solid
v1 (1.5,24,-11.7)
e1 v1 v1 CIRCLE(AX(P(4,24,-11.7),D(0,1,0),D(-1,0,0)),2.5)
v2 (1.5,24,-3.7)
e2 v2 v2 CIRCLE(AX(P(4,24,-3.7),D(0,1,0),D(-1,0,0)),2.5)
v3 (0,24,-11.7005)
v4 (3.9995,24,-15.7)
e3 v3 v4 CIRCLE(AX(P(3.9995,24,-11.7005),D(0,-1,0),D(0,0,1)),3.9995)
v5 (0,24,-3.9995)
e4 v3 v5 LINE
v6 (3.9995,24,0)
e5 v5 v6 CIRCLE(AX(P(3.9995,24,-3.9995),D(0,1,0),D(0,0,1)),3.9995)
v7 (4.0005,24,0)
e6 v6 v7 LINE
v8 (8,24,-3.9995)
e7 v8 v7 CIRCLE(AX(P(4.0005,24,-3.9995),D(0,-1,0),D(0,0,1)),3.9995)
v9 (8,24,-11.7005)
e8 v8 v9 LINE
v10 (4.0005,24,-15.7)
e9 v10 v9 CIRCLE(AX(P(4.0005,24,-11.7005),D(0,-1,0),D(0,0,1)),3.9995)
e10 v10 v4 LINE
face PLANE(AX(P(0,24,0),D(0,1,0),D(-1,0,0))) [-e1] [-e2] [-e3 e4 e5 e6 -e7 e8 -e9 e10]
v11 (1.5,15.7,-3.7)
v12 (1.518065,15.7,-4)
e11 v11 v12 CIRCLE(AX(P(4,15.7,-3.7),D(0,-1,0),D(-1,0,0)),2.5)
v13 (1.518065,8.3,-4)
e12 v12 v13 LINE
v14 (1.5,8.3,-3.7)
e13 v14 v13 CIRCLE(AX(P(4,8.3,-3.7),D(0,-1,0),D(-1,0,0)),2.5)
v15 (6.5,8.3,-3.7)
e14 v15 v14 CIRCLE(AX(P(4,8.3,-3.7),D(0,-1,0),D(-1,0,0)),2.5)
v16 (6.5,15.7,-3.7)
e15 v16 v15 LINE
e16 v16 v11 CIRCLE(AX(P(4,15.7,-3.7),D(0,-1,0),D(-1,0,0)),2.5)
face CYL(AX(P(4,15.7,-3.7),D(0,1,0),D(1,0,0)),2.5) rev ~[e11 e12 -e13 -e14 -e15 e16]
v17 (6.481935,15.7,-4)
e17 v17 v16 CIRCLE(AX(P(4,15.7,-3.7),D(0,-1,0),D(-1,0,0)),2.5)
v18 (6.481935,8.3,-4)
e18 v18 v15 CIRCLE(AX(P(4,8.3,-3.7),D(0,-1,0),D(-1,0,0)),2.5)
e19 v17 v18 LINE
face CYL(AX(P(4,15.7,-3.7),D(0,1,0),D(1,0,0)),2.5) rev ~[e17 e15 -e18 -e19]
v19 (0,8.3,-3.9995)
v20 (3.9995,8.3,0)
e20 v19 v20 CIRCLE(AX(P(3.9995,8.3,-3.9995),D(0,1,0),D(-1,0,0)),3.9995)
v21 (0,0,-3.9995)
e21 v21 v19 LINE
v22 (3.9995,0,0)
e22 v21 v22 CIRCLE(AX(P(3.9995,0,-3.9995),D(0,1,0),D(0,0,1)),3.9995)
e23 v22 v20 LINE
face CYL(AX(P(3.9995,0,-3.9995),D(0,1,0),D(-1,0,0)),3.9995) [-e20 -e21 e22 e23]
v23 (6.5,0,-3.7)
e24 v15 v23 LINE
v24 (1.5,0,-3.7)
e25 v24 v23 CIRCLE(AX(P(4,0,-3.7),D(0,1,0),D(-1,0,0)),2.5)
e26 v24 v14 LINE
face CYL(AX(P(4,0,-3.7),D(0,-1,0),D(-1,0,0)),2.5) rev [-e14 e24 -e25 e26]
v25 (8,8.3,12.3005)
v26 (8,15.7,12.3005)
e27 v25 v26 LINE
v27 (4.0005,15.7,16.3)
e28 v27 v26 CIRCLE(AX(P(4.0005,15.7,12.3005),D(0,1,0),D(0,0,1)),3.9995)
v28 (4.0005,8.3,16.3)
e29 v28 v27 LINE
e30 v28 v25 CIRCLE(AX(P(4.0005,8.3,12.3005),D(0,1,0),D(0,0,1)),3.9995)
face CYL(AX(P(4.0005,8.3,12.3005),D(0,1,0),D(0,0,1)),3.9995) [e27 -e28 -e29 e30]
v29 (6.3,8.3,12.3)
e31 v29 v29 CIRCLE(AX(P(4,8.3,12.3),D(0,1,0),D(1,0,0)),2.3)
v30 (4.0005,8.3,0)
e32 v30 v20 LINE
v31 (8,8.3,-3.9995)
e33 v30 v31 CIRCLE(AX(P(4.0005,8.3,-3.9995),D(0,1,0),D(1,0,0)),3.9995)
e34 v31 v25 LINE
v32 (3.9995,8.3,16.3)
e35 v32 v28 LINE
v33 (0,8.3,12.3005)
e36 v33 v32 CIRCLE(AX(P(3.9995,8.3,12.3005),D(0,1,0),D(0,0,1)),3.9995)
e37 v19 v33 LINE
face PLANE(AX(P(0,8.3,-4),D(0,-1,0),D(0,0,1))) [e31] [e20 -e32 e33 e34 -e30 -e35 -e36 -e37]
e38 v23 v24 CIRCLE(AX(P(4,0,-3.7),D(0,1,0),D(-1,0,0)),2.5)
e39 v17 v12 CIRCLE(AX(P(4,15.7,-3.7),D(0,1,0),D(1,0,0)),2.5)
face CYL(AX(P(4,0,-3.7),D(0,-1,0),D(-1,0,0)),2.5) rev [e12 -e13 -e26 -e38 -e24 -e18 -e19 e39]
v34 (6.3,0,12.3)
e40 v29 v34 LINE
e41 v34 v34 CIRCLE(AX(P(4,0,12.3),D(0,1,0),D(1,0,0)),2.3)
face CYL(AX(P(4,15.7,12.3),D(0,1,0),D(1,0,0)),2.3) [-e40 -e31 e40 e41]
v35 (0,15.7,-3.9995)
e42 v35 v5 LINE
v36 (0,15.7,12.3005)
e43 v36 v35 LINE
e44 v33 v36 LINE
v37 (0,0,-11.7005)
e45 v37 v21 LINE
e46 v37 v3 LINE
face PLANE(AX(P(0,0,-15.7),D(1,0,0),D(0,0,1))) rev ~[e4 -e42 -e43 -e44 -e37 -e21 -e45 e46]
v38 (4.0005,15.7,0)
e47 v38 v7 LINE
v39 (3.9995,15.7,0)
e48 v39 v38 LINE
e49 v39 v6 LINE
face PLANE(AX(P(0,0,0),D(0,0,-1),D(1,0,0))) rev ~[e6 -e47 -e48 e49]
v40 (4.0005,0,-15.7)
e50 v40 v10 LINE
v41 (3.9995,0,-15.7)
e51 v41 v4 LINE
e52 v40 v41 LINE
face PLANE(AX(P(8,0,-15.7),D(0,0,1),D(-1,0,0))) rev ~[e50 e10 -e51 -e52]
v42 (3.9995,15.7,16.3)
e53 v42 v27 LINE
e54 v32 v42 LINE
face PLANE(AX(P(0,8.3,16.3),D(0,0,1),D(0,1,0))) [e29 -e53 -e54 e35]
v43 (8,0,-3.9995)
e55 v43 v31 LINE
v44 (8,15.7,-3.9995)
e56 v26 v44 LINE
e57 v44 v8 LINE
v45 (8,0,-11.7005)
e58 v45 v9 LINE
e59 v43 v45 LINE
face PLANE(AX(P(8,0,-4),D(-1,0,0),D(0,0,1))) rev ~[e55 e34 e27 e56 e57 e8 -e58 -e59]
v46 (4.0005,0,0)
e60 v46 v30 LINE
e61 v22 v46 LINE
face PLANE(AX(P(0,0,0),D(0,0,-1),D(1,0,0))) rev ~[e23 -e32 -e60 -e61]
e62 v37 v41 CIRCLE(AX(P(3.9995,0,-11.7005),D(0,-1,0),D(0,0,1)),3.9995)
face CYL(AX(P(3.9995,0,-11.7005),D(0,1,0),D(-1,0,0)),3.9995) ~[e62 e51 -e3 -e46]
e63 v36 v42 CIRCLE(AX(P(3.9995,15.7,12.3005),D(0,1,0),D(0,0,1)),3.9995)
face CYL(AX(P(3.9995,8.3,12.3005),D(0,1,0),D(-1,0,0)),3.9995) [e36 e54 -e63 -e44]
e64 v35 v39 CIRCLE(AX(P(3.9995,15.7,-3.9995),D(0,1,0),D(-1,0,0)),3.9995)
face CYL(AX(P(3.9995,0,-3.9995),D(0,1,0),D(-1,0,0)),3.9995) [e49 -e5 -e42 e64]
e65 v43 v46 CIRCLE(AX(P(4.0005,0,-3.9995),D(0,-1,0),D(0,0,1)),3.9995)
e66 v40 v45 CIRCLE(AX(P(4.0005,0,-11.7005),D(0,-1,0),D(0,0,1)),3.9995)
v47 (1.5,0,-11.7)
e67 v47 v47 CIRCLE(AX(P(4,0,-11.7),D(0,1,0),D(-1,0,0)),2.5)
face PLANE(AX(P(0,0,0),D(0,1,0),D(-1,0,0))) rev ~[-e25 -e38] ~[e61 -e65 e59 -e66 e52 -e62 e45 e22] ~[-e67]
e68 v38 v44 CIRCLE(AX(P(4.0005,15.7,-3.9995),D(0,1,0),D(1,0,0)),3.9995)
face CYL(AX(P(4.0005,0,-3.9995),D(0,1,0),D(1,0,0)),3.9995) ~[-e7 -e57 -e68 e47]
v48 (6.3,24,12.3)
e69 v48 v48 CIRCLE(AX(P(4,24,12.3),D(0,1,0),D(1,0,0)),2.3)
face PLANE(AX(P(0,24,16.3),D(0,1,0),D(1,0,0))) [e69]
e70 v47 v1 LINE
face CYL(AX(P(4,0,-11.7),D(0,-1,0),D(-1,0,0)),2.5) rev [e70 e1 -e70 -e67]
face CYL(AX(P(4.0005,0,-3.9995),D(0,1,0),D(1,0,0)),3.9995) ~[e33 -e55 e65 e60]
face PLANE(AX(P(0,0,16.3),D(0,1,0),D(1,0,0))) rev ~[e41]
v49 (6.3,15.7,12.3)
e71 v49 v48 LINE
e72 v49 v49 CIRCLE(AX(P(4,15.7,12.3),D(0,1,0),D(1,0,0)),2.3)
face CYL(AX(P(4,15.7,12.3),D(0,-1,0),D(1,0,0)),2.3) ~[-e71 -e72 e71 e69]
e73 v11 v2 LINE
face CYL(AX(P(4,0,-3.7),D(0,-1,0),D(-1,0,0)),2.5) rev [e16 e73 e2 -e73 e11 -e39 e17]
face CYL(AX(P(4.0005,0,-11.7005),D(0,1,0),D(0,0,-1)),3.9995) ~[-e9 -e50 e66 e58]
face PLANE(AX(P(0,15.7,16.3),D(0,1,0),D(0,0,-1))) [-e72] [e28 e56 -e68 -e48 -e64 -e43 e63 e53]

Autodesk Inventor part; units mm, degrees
ref_plane "YZ Plane" through (0, 0, 0) normal (1, 0, 0) x (0, 1, 0)
ref_plane "XZ Plane" through (0, 0, 0) normal (0, 1, 0) x (-1, 0, 0)
ref_plane "XY Plane" through (0, 0, 0) normal (0, 0, 1) x (1, 0, 0)
sketch "Sketch1" plane through (0, 0, 0) normal (0, 1, 0) x (-1, 0, 0)
  line L0 (0, 0) -> (-8, 0)
  line L1 (-8, 0) -> (-8, -15.7)
  line L2 (-8, -15.7) -> (0, -15.7)
  line L3 (0, -15.7) -> (0, 0)
  circle A0 centre (-4, -3.7) radius 2.5
  circle A1 centre (-4, -11.7) radius 2.5
  dimension "d0" = 8
  dimension "d1" = 15.7
  dimension "d4" = 5
  dimension "d5" = 5
  dimension "d8" = 8
  dimension "d15" = 4
extrude "Extrusion1" add sketch "Sketch1" along normal blind 24
fillet "Fillet1" radius 4 2 edges at (8, 12, 0) (0, 12, 0)
fillet "Fillet2" radius 4 2 edges at (8, 12, -15.7) (0, 12, -15.7)
sketch "Sketch2" plane through (0, 0, -4) normal (-1, 0, 0) x (0, 0, 1)
  line L0 (0, 8.3) -> (20.3, 8.3)
  line L1 (20.3, 8.3) -> (20.3, 15.7)
  line L2 (20.3, 15.7) -> (0, 15.7)
  line L3 (0, 15.7) -> (0, 8.3)
  line L4 (0, 24) -> (4, 24) projected
  line L5 (0, 24) -> (0, 0) projected
  point P0 (4, 0)
  dimension "d17" = 20.3
  dimension "d18" = 7.4
  dimension "d19" = 8.3
extrude "Extrusion2" add sketch "Sketch2" against normal blind 8
sketch "Sketch4" plane through (0, 15.7, 16.3) normal (0, 1, 0) x (1, 0, 0)
  circle A0 centre (4, 4) radius 2.3
  line L0 (8, 20.3) -> (8, 0) projected
  line L1 (0, 0) -> (8, 0) projected
  point P0 (0, 16.3)
  point P1 (8, 12)
  dimension "d24" = 4.6
  dimension "d25" = 4
  dimension "d26" = 4
extrude "Extrusion4" add sketch "Sketch4" along normal blind 8.3 and the other way blind 15.7
fillet "Fillet3" radius 4 2 edges at (0, 12, 16.3) (8, 12, 16.3)
sketch "Sketch5" plane through (4, 15.7, -3.7) normal (0, 1, 0) x (1, 0, 0)
  circle A0 centre (0, 0) radius 2.5 projected
  point P0 (-4, -3.7)
extrude "Extrusion5" cut sketch "Sketch5" against normal through all
properties part number "Crank0"
